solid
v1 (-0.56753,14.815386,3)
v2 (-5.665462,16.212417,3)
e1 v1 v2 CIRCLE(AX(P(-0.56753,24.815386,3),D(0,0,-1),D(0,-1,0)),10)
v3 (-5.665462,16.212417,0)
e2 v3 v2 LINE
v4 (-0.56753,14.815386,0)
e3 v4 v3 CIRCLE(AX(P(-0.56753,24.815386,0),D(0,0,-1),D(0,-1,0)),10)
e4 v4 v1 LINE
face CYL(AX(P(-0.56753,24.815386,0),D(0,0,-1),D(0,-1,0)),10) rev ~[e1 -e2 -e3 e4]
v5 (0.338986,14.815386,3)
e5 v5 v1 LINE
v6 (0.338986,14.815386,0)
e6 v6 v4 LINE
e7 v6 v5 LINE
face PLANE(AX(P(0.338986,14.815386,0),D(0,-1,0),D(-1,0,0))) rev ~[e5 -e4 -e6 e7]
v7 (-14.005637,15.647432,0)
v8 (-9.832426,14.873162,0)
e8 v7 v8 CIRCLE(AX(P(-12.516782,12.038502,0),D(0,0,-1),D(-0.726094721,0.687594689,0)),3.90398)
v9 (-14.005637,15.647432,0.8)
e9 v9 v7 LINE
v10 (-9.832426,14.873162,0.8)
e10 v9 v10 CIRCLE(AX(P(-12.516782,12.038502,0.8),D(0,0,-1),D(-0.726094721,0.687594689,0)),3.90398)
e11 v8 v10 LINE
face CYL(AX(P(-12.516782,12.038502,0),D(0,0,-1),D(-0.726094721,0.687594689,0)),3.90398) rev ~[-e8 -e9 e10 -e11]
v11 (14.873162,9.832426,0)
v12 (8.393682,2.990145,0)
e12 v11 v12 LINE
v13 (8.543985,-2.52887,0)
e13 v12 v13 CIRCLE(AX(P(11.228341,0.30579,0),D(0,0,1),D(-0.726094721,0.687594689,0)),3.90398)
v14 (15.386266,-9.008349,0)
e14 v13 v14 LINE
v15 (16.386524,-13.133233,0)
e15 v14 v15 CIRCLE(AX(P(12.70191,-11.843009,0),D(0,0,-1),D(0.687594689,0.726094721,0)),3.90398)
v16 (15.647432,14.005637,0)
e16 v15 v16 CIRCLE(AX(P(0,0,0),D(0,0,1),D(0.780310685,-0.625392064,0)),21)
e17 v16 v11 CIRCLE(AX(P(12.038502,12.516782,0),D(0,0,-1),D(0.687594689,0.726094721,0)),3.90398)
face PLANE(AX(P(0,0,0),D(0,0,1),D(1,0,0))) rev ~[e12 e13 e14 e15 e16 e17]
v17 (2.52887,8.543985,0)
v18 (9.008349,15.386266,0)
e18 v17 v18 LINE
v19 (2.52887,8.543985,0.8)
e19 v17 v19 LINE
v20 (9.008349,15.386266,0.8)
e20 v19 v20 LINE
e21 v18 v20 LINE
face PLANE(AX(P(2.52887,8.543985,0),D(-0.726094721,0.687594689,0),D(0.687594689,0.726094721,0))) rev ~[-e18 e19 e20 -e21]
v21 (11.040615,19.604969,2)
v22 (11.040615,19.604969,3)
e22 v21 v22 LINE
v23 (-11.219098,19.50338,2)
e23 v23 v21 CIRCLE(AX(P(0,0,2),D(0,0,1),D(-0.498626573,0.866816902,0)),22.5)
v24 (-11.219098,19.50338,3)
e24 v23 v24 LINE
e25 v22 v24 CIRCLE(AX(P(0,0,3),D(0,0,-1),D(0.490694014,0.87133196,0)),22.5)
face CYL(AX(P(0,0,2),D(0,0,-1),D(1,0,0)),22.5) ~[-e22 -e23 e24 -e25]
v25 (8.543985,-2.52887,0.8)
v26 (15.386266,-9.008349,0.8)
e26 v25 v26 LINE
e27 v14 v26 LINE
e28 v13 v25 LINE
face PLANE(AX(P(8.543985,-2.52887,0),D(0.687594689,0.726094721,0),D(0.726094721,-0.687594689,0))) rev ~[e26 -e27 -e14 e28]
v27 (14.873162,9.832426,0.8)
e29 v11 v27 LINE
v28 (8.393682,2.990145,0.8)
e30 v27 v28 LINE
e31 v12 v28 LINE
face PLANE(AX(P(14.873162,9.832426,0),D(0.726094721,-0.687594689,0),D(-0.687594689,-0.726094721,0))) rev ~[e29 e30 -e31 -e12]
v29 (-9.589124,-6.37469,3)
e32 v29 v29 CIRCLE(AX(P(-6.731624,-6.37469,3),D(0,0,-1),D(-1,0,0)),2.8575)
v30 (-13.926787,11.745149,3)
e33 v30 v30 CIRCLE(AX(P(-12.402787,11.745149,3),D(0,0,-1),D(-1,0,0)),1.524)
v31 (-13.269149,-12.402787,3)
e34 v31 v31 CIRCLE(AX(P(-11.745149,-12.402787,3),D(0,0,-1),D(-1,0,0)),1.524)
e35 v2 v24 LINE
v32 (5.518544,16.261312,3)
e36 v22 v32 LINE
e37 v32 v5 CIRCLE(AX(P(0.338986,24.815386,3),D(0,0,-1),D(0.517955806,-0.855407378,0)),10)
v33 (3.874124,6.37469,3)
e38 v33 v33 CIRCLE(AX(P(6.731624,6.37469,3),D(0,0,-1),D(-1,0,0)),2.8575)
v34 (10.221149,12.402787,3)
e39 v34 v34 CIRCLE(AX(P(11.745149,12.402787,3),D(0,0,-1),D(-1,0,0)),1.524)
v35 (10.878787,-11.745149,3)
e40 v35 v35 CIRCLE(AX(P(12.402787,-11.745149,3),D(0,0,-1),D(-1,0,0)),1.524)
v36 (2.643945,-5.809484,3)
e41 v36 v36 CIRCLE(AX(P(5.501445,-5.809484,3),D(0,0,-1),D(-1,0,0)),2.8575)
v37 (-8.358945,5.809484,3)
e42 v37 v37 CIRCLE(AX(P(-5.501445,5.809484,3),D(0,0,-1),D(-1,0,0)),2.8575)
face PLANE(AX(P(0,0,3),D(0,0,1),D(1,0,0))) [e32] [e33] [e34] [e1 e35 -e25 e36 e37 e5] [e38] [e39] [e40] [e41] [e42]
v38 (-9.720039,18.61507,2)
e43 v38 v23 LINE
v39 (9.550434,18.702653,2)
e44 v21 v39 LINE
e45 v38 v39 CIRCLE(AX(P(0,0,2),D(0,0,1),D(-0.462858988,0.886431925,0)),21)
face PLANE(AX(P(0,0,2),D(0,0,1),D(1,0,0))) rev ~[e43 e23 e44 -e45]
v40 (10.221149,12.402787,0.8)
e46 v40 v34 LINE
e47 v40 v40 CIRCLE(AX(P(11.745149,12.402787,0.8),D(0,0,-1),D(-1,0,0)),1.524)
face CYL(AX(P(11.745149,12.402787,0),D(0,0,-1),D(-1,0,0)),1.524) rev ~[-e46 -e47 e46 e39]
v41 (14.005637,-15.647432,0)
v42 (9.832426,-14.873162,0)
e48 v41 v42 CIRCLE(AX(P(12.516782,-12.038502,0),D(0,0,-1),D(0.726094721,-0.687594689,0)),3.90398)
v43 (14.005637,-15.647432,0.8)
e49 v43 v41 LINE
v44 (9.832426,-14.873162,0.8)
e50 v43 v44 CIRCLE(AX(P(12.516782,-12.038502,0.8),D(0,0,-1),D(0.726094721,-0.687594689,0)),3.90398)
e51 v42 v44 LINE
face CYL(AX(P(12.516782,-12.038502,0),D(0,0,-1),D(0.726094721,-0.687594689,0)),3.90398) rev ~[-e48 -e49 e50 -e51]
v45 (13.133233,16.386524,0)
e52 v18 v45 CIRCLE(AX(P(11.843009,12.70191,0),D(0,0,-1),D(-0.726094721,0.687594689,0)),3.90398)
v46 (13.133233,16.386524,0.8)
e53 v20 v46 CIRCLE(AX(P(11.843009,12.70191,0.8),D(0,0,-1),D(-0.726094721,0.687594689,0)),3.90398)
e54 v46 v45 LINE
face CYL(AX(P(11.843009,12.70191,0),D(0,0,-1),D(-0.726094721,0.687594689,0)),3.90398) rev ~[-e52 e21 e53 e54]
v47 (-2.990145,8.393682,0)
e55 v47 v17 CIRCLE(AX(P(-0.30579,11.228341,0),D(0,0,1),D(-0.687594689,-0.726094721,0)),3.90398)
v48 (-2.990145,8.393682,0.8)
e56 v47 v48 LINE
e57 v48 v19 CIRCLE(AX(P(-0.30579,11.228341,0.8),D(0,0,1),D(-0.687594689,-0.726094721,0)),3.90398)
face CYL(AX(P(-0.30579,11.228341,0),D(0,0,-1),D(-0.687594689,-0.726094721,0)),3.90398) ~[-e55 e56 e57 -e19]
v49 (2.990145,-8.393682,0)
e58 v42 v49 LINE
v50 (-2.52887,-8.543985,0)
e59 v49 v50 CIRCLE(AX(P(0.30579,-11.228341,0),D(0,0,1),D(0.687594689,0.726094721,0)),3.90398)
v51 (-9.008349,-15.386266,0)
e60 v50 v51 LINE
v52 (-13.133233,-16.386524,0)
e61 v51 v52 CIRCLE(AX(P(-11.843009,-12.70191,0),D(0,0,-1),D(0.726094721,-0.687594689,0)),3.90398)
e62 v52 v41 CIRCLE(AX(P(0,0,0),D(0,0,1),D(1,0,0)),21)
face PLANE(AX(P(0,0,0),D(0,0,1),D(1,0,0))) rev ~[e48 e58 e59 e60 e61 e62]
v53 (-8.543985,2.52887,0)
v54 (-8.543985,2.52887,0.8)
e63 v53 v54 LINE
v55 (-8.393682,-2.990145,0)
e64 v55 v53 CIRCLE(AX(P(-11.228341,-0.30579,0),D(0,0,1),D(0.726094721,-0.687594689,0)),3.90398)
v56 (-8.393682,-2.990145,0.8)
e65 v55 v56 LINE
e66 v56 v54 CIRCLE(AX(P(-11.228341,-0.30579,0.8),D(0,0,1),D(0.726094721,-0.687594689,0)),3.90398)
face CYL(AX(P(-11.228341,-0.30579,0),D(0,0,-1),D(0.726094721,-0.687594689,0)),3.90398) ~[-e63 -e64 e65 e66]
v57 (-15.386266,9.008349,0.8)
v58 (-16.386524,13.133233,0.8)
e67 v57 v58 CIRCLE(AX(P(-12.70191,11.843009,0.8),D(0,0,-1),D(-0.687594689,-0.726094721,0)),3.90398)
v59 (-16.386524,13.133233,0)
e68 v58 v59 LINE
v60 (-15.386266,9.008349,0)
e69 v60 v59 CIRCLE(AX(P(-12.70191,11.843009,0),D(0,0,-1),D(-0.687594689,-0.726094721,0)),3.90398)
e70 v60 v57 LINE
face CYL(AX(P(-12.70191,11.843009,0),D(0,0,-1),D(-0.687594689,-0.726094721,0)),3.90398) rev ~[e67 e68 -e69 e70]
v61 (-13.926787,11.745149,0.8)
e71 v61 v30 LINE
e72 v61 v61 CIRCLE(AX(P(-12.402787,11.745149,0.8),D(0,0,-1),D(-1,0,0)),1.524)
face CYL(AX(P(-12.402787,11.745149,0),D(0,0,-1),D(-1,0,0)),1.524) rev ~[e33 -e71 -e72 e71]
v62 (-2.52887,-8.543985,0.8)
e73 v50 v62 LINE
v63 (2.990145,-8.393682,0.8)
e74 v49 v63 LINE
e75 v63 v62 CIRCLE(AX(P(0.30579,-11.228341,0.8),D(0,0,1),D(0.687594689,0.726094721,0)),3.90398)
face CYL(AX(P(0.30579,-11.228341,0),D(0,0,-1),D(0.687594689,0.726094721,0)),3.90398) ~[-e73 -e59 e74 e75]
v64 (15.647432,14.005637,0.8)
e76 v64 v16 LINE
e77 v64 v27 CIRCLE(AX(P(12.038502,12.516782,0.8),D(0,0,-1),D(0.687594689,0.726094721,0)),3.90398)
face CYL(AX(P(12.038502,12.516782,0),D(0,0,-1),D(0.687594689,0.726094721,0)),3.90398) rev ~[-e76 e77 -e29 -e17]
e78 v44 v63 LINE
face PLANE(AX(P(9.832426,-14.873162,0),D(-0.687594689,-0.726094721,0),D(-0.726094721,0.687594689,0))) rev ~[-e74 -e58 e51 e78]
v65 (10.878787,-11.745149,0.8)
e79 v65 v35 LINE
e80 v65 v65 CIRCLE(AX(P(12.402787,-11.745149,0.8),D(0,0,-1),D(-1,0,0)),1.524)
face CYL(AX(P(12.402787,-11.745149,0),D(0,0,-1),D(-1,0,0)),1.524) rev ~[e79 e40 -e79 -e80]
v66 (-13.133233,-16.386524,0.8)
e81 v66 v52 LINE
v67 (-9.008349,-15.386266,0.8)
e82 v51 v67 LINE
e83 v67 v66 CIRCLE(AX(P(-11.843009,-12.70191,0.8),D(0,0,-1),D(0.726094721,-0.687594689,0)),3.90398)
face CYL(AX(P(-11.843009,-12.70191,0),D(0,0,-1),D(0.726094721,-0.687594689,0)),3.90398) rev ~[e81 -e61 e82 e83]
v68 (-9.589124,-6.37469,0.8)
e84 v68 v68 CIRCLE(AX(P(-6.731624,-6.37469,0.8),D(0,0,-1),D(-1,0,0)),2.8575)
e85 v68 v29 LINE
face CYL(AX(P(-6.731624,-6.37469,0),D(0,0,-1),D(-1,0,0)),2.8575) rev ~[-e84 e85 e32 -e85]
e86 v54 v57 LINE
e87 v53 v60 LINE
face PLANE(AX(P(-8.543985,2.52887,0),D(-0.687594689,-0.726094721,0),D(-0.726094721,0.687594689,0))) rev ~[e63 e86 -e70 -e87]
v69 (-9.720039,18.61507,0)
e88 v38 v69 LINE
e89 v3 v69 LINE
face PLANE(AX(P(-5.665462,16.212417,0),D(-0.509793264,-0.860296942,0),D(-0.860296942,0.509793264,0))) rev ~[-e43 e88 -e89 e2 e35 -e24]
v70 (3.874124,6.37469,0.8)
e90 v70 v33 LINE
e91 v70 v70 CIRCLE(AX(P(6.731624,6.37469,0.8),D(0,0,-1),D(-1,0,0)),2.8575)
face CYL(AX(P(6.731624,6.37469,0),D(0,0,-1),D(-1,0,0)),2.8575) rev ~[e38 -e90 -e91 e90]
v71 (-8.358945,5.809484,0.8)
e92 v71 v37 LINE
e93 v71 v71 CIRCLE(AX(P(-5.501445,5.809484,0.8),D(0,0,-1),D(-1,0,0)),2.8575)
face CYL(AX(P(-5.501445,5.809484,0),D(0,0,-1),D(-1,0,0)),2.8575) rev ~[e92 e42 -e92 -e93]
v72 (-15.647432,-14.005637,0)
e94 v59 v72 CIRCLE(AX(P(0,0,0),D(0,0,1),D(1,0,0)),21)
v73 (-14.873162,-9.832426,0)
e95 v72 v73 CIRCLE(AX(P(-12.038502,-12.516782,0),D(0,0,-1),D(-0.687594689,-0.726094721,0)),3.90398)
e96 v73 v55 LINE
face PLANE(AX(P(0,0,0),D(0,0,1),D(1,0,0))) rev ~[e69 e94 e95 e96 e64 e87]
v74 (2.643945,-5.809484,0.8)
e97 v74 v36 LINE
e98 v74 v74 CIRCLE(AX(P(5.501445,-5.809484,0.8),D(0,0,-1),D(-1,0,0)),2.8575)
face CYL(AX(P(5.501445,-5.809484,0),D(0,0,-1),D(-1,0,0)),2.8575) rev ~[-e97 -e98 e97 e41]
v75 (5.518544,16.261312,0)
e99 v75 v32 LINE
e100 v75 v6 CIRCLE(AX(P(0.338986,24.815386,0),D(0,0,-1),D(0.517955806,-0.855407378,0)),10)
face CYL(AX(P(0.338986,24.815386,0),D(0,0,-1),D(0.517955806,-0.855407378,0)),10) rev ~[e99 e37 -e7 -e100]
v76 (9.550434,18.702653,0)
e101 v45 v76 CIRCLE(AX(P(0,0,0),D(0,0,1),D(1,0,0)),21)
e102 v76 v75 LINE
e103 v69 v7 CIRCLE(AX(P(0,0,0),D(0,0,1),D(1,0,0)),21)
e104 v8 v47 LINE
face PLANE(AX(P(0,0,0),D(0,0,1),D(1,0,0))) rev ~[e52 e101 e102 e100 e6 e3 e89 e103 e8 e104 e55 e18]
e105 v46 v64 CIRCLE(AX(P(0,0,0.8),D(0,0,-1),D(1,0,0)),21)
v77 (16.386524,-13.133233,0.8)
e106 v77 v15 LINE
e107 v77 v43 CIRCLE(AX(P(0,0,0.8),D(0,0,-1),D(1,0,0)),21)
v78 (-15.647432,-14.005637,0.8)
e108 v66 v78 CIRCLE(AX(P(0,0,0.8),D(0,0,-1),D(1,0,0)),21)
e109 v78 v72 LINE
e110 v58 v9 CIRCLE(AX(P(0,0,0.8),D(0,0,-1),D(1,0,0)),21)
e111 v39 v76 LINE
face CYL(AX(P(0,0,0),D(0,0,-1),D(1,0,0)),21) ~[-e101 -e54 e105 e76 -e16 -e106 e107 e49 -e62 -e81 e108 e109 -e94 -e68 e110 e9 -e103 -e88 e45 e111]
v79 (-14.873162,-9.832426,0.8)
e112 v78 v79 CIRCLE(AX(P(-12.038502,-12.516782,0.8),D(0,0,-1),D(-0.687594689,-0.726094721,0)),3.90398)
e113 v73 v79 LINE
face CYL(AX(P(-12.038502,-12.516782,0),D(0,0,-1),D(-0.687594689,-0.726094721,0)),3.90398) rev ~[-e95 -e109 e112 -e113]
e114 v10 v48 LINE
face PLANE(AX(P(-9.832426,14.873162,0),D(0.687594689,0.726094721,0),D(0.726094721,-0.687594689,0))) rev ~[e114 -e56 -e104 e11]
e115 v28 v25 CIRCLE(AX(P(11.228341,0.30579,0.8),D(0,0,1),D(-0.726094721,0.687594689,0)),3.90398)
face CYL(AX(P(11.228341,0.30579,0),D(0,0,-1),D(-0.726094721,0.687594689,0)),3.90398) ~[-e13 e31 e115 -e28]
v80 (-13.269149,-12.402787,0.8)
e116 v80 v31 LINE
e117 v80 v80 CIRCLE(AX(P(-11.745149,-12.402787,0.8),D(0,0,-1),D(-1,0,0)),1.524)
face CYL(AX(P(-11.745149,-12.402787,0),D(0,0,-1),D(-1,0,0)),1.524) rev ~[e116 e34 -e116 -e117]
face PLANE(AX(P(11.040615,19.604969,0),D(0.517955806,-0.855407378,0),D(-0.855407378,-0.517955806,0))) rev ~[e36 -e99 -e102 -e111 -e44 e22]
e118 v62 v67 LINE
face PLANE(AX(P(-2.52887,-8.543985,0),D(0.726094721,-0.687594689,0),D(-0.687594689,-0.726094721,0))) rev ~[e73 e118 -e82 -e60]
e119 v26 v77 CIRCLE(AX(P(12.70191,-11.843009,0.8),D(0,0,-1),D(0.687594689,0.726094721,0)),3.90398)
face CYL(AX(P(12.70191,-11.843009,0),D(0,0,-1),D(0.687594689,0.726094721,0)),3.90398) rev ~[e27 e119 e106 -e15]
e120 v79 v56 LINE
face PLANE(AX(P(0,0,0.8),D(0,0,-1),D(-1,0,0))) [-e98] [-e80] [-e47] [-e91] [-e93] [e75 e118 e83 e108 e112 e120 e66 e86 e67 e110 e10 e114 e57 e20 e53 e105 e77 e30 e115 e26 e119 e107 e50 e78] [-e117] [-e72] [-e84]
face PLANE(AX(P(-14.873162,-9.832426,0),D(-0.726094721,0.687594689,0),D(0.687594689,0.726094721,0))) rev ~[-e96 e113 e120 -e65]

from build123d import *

# Parameters (mm, degrees)
SKETCH1_R           = 21
BOSS_EXTRUDE1_DEPTH = 2
SKETCH2_R           = 22.5
BOSS_EXTRUDE2_DEPTH = 1
CUT_EXTRUDE1_DEPTH  = 0.8
CUT_EXTRUDE2_REACH  = 5
SKETCH4_R           = 1.524
SKETCH4_R_2         = 2.8575


with BuildPart() as part:
    # Sketch1 → Boss-Extrude1 (new body)
    with BuildSketch(Plane.XY):
        Circle(SKETCH1_R)
    extrude(amount=BOSS_EXTRUDE1_DEPTH)

    # Sketch2 → Boss-Extrude2 (add)
    with BuildSketch(Plane.XY.offset(2)):
        Circle(SKETCH2_R)
    extrude(amount=BOSS_EXTRUDE2_DEPTH)

    # Sketch3 → Cut-Extrude1 (cut)
    with BuildSketch(Plane(origin=(0, 0, 0), x_dir=(-1, 0, 0), z_dir=(0, 0, -1))):
        with BuildLine():
            Line((15.536569667, 14.527364659), (15.351441673, 14.722858401))
            ThreePointArc((15.351441673, 14.722858401), (12.623062926, 15.941035549), (9.832426491, 14.873161756))
            Line((9.832426491, 14.873161756), (2.990145498, 8.393681964))
            ThreePointArc((2.990145498, 8.393681964), (0.199509062, 7.325808172), (-2.528869685, 8.543985319))
            Line((-2.528869685, 8.543985319), (-9.008349476, 15.386266312))
            ThreePointArc((-9.008349476, 15.386266312), (-11.736728224, 16.604443459), (-14.527364659, 15.536569667))
            Line((-14.527364659, 15.536569667), (-14.722858401, 15.351441673))
            ThreePointArc((-14.722858401, 15.351441673), (-15.941035549, 12.623062926), (-14.873161756, 9.832426491))
            Line((-14.873161756, 9.832426491), (-8.393681964, 2.990145498))
            ThreePointArc((-8.393681964, 2.990145498), (-7.325808172, 0.199509062), (-8.543985319, -2.528869685))
            Line((-8.543985319, -2.528869685), (-15.386266312, -9.008349476))
            ThreePointArc((-15.386266312, -9.008349476), (-16.604443459, -11.736728224), (-15.536569667, -14.527364659))
            Line((-15.536569667, -14.527364659), (-15.351441673, -14.722858401))
            ThreePointArc((-15.351441673, -14.722858401), (-12.623062926, -15.941035549), (-9.832426491, -14.873161756))
            Line((-9.832426491, -14.873161756), (-2.990145498, -8.393681964))
            ThreePointArc((-2.990145498, -8.393681964), (-0.199509062, -7.325808172), (2.528869685, -8.543985319))
            Line((2.528869685, -8.543985319), (9.008349476, -15.386266312))
            ThreePointArc((9.008349476, -15.386266312), (11.736728224, -16.604443459), (14.527364659, -15.536569667))
            Line((14.527364659, -15.536569667), (14.722858401, -15.351441673))
            ThreePointArc((14.722858401, -15.351441673), (15.941035549, -12.623062926), (14.873161756, -9.832426491))
            Line((14.873161756, -9.832426491), (8.393681964, -2.990145498))
            ThreePointArc((8.393681964, -2.990145498), (7.325808172, -0.199509062), (8.543985319, 2.528869685))
            Line((8.543985319, 2.528869685), (15.386266312, 9.008349476))
            ThreePointArc((15.386266312, 9.008349476), (16.604443459, 11.736728224), (15.536569667, 14.527364659))
        make_face()
    extrude(amount=-CUT_EXTRUDE1_DEPTH, mode=Mode.SUBTRACT)

    # Sketch4 → Cut-Extrude2 (cut, up to next)
    with BuildSketch(Plane(origin=(0, 0, 0), x_dir=(-1, 0, 0), z_dir=(0, 0, -1)), mode=Mode.PRIVATE) as cut_extrude2_sk1:
        with Locations((12.402786975, 11.745148679)):
            Circle(SKETCH4_R)
    cut_extrude2_tool1 = extrude(cut_extrude2_sk1.sketch, amount=-CUT_EXTRUDE2_REACH, mode=Mode.PRIVATE) & part.part
    add(cut_extrude2_tool1.solids().sort_by_distance((-12.402787, 11.745149, 0))[0], mode=Mode.SUBTRACT)
    # Sketch4 → Cut-Extrude2 (cut, up to next)
    with BuildSketch(Plane(origin=(0, 0, 0), x_dir=(-1, 0, 0), z_dir=(0, 0, -1)), mode=Mode.PRIVATE) as cut_extrude2_sk2:
        with Locations((11.745148679, -12.402786975)):
            Circle(SKETCH4_R)
    cut_extrude2_tool2 = extrude(cut_extrude2_sk2.sketch, amount=-CUT_EXTRUDE2_REACH, mode=Mode.PRIVATE) & part.part
    add(cut_extrude2_tool2.solids().sort_by_distance((-11.745149, -12.402787, 0))[0], mode=Mode.SUBTRACT)
    # Sketch4 → Cut-Extrude2 (cut, up to next)
    with BuildSketch(Plane(origin=(0, 0, 0), x_dir=(-1, 0, 0), z_dir=(0, 0, -1)), mode=Mode.PRIVATE) as cut_extrude2_sk3:
        with Locations((-12.402786975, -11.745148679)):
            Circle(SKETCH4_R)
    cut_extrude2_tool3 = extrude(cut_extrude2_sk3.sketch, amount=-CUT_EXTRUDE2_REACH, mode=Mode.PRIVATE) & part.part
    add(cut_extrude2_tool3.solids().sort_by_distance((12.402787, -11.745149, 0))[0], mode=Mode.SUBTRACT)
    # Sketch4 → Cut-Extrude2 (cut, up to next)
    with BuildSketch(Plane(origin=(0, 0, 0), x_dir=(-1, 0, 0), z_dir=(0, 0, -1)), mode=Mode.PRIVATE) as cut_extrude2_sk4:
        with Locations((-11.745148679, 12.402786975)):
            Circle(SKETCH4_R)
    cut_extrude2_tool4 = extrude(cut_extrude2_sk4.sketch, amount=-CUT_EXTRUDE2_REACH, mode=Mode.PRIVATE) & part.part
    add(cut_extrude2_tool4.solids().sort_by_distance((11.745149, 12.402787, 0))[0], mode=Mode.SUBTRACT)
    # Sketch4 → Cut-Extrude2 (cut, up to next)
    with BuildSketch(Plane(origin=(0, 0, 0), x_dir=(-1, 0, 0), z_dir=(0, 0, -1)), mode=Mode.PRIVATE) as cut_extrude2_sk5:
        with Locations((6.731624158, -6.374690361)):
            Circle(SKETCH4_R_2)
    cut_extrude2_tool5 = extrude(cut_extrude2_sk5.sketch, amount=-CUT_EXTRUDE2_REACH, mode=Mode.PRIVATE) & part.part
    add(cut_extrude2_tool5.solids().sort_by_distance((-6.731624, -6.37469, 0))[0], mode=Mode.SUBTRACT)
    # Sketch4 → Cut-Extrude2 (cut, up to next)
    with BuildSketch(Plane(origin=(0, 0, 0), x_dir=(-1, 0, 0), z_dir=(0, 0, -1)), mode=Mode.PRIVATE) as cut_extrude2_sk6:
        with Locations((5.501445106, 5.809483862)):
            Circle(SKETCH4_R_2)
    cut_extrude2_tool6 = extrude(cut_extrude2_sk6.sketch, amount=-CUT_EXTRUDE2_REACH, mode=Mode.PRIVATE) & part.part
    add(cut_extrude2_tool6.solids().sort_by_distance((-5.501445, 5.809484, 0))[0], mode=Mode.SUBTRACT)
    # Sketch4 → Cut-Extrude2 (cut, up to next)
    with BuildSketch(Plane(origin=(0, 0, 0), x_dir=(-1, 0, 0), z_dir=(0, 0, -1)), mode=Mode.PRIVATE) as cut_extrude2_sk7:
        with Locations((-5.501445106, -5.809483862)):
            Circle(SKETCH4_R_2)
    cut_extrude2_tool7 = extrude(cut_extrude2_sk7.sketch, amount=-CUT_EXTRUDE2_REACH, mode=Mode.PRIVATE) & part.part
    add(cut_extrude2_tool7.solids().sort_by_distance((5.501445, -5.809484, 0))[0], mode=Mode.SUBTRACT)
    # Sketch4 → Cut-Extrude2 (cut, up to next)
    with BuildSketch(Plane(origin=(0, 0, 0), x_dir=(-1, 0, 0), z_dir=(0, 0, -1)), mode=Mode.PRIVATE) as cut_extrude2_sk8:
        with Locations((-6.731624158, 6.374690361)):
            Circle(SKETCH4_R_2)
    cut_extrude2_tool8 = extrude(cut_extrude2_sk8.sketch, amount=-CUT_EXTRUDE2_REACH, mode=Mode.PRIVATE) & part.part
    add(cut_extrude2_tool8.solids().sort_by_distance((6.731624, 6.37469, 0))[0], mode=Mode.SUBTRACT)
    # Sketch4 → Cut-Extrude2 (cut, up to next)
    with BuildSketch(Plane(origin=(0, 0, 0), x_dir=(-1, 0, 0), z_dir=(0, 0, -1)), mode=Mode.PRIVATE) as cut_extrude2_sk9:
        with BuildLine():
            Line((-11.040615308, 19.604969105), (-5.51854435, 16.261312284))
            ThreePointArc((-5.51854435, 16.261312284), (-3.027783619, 15.183648482), (-0.338986288, 14.815386067))
            Line((-0.338986288, 14.815386067), (0.567529778, 14.815386067))
            ThreePointArc((0.567529778, 14.815386067), (3.210473763, 15.170965551), (5.665462417, 16.212416649))
            Line((5.665462417, 16.212416649), (11.219097888, 19.503380286))
            ThreePointArc((11.219097888, 19.503380286), (0.10268437, 22.499765686), (-11.040615308, 19.604969105))
        make_face()
    cut_extrude2_tool9 = extrude(cut_extrude2_sk9.sketch, amount=-CUT_EXTRUDE2_REACH, mode=Mode.PRIVATE) & part.part
    add(cut_extrude2_tool9.solids().sort_by_distance((-0.08522, 18.896567, 0))[0], mode=Mode.SUBTRACT)


solid = part.part
